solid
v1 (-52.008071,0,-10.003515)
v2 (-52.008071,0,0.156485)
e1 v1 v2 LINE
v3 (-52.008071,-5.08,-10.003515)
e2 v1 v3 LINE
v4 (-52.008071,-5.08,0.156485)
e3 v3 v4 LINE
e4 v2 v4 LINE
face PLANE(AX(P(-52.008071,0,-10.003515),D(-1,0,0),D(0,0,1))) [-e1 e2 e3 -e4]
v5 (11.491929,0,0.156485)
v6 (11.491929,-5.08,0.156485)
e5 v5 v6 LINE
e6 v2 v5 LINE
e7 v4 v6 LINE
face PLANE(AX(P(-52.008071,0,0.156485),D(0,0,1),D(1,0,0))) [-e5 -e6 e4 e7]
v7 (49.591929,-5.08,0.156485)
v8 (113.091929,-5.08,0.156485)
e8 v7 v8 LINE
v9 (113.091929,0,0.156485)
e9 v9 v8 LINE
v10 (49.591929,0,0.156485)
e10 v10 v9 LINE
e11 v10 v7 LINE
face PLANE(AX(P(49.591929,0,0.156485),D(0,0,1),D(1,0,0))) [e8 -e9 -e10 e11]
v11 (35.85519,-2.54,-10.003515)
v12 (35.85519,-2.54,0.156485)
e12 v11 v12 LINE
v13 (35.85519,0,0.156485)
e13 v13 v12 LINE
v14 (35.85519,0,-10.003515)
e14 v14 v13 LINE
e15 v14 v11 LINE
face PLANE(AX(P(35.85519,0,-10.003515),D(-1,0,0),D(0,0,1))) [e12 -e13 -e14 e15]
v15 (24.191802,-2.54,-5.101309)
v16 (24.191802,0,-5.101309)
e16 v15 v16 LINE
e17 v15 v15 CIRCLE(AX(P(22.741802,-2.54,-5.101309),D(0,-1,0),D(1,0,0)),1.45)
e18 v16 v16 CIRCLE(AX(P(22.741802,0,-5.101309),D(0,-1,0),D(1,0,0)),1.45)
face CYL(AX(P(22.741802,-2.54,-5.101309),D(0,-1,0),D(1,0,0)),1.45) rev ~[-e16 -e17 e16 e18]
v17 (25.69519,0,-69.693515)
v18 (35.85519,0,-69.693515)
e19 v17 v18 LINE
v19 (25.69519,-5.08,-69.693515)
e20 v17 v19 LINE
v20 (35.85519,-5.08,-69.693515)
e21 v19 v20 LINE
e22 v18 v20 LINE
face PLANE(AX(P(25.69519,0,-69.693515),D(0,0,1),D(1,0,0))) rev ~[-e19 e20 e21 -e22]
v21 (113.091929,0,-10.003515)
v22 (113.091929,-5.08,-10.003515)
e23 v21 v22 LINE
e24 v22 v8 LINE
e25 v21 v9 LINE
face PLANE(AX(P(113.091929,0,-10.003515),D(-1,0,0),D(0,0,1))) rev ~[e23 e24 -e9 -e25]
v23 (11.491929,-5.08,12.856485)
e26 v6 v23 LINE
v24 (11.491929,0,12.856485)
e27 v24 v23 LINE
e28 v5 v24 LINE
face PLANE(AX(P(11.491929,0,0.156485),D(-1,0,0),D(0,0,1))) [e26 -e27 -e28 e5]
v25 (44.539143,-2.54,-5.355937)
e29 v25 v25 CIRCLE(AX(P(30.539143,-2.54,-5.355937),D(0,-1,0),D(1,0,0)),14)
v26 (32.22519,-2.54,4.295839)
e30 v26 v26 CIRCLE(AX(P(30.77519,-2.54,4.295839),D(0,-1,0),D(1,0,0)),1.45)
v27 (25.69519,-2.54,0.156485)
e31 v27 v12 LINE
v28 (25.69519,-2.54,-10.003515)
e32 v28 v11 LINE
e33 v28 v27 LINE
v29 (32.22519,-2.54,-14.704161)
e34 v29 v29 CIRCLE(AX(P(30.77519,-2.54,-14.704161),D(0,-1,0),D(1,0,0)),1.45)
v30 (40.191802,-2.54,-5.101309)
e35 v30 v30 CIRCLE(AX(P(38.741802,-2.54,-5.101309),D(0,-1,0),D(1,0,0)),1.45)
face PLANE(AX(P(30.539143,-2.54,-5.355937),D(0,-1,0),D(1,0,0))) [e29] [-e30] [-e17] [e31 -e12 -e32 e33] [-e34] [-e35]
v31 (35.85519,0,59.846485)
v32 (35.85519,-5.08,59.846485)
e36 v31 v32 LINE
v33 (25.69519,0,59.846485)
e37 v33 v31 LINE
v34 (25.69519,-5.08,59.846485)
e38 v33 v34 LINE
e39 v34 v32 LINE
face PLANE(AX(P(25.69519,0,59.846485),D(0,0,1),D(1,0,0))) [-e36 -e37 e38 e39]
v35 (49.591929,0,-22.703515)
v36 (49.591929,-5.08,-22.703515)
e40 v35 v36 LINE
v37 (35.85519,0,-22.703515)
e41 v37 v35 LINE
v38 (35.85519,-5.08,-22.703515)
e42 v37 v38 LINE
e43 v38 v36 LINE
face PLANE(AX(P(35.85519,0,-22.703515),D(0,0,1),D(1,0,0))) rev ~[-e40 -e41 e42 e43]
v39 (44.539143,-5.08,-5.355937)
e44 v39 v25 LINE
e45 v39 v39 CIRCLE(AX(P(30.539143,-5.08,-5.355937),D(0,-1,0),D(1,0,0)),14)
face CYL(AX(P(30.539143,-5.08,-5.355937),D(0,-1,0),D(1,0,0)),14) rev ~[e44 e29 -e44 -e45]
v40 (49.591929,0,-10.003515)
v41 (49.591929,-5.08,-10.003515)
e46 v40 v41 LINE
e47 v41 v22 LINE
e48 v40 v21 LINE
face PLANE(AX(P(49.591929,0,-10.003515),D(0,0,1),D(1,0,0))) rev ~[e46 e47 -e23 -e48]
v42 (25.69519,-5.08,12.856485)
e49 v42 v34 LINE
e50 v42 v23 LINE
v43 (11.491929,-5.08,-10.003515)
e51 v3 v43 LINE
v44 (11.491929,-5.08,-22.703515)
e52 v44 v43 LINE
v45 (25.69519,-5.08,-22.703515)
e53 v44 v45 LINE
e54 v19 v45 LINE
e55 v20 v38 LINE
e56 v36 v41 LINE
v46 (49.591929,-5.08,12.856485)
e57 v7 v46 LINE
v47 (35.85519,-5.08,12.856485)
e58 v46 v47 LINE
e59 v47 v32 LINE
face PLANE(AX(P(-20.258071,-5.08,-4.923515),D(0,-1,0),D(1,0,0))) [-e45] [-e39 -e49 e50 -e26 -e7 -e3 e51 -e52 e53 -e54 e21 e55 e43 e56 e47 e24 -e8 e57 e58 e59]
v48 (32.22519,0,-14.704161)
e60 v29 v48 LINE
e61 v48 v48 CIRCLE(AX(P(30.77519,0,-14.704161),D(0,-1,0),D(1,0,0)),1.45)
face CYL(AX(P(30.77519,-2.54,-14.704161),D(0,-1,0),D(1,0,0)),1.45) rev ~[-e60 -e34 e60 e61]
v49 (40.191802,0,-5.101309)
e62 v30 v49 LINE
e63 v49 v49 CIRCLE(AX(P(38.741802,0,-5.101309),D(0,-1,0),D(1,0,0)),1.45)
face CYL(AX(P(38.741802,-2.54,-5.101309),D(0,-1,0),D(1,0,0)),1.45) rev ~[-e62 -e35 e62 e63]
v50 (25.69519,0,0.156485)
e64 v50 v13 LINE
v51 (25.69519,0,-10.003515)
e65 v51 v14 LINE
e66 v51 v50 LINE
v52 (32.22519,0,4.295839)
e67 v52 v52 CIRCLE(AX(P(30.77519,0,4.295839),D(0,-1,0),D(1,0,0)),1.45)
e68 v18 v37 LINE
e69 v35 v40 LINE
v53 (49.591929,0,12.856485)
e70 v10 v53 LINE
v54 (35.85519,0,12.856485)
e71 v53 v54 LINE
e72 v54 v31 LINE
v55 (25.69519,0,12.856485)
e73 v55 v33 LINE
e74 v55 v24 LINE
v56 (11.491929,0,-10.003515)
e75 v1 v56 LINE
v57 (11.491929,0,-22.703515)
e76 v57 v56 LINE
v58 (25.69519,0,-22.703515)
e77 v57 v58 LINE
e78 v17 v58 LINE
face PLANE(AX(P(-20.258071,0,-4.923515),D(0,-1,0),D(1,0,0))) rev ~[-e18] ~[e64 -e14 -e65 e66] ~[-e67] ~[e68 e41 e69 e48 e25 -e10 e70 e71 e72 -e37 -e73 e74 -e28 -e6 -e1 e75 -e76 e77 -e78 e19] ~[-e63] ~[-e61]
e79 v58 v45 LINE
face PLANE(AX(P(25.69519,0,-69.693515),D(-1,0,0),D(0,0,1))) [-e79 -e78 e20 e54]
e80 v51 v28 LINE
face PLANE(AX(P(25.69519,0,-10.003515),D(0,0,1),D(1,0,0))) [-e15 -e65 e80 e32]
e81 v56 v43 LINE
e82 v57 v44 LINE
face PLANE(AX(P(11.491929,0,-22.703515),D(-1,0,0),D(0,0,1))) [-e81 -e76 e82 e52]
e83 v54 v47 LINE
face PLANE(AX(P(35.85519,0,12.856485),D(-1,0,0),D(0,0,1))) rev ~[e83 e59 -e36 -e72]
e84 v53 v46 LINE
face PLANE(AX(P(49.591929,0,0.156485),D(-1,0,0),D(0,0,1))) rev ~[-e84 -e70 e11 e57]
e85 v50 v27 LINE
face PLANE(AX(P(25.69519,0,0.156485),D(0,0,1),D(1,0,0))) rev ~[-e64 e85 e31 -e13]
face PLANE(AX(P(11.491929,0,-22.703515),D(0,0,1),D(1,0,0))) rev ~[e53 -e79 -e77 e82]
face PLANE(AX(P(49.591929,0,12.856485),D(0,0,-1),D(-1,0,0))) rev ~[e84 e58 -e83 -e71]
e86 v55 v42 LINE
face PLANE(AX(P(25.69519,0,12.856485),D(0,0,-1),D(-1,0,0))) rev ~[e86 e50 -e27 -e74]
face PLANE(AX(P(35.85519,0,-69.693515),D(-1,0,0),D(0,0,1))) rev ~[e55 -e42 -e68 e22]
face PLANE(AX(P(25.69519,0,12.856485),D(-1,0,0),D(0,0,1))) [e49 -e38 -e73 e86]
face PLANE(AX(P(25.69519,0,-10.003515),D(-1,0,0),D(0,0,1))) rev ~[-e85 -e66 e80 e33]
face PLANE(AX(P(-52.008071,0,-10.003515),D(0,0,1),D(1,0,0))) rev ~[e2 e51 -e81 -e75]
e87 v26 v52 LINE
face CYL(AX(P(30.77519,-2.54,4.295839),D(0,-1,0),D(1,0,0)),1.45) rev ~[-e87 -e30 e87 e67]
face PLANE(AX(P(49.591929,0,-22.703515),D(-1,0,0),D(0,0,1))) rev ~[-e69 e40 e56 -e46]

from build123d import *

# Parameters (mm, degrees)
F0_W     = 63.5
F0_H     = 10.16
F0_W_2   = 14.2032613265
F0_H_2   = 12.7
F0_W_3   = 10.16
F0_W_4   = 13.7367386735
F0_H_3   = 46.99
F1_DEPTH = 5.08
F2_R     = 14
F3_DEPTH = 2.54
F4_R     = 1.45
F4_R_2   = 2.5
F5_DEPTH = 25.4


with BuildPart() as f1:
    # F0 (on Front) → F1 (new body)
    with BuildSketch(Plane.XZ):
        with Locations((-20.2580714928, -4.9235147662)):
            Rectangle(F0_W, F0_H)
        with Locations((18.5935591704, 6.5064852338)):
            Rectangle(F0_W_2, F0_H_2)
        with Locations((18.5935591704, -4.9235147662)):
            Rectangle(F0_W_2, F0_H)
        with Locations((30.7751898336, 6.5064852338)):
            Rectangle(F0_W_3, F0_H_2)
        with Locations((18.5935591704, -16.3535147662)):
            Rectangle(F0_W_2, F0_H_2)
        with Locations((42.7235591704, 6.5064852338)):
            Rectangle(F0_W_4, F0_H_2)
        with Locations((42.7235591704, -4.9235147662)):
            Rectangle(F0_W_4, F0_H)
        with Locations((30.7751898336, 36.3514852338)):
            Rectangle(F0_W_3, F0_H_3)
        with Locations((30.7751898336, -16.3535147662)):
            Rectangle(F0_W_3, F0_H_2)
        with Locations((81.3419285072, -4.9235147662)):
            Rectangle(F0_W, F0_H)
        with Locations((42.7235591704, -16.3535147662)):
            Rectangle(F0_W_4, F0_H_2)
        with Locations((30.7751898336, -46.1985147662)):
            Rectangle(F0_W_3, F0_H_3)
    extrude(amount=F1_DEPTH)

    # F2 (on face) → F3 (cut)
    with BuildSketch(Plane.XZ.offset(5.08)):
        with Locations((30.5391428791, -5.3559371654)):
            Circle(F2_R)
    extrude(amount=-F3_DEPTH, mode=Mode.SUBTRACT)

    # F4 (on face) → F5 (cut)
    with BuildSketch(Plane.XZ.offset(2.54)):
        with Locations((38.7418020368, -5.1013086922)):
            Circle(F4_R)
        with Locations((22.7418020368, -5.1013086922)):
            Circle(F4_R)
        with Locations((30.7751898336, -14.7041610032)):
            Circle(F4_R)
        with Locations((30.7751898336, 4.2958389968)):
            Circle(F4_R)
        with Locations((30.5391428791, -5.3559371654)):
            Circle(F4_R_2)
    extrude(amount=-F5_DEPTH, mode=Mode.SUBTRACT)


solid = f1.part
